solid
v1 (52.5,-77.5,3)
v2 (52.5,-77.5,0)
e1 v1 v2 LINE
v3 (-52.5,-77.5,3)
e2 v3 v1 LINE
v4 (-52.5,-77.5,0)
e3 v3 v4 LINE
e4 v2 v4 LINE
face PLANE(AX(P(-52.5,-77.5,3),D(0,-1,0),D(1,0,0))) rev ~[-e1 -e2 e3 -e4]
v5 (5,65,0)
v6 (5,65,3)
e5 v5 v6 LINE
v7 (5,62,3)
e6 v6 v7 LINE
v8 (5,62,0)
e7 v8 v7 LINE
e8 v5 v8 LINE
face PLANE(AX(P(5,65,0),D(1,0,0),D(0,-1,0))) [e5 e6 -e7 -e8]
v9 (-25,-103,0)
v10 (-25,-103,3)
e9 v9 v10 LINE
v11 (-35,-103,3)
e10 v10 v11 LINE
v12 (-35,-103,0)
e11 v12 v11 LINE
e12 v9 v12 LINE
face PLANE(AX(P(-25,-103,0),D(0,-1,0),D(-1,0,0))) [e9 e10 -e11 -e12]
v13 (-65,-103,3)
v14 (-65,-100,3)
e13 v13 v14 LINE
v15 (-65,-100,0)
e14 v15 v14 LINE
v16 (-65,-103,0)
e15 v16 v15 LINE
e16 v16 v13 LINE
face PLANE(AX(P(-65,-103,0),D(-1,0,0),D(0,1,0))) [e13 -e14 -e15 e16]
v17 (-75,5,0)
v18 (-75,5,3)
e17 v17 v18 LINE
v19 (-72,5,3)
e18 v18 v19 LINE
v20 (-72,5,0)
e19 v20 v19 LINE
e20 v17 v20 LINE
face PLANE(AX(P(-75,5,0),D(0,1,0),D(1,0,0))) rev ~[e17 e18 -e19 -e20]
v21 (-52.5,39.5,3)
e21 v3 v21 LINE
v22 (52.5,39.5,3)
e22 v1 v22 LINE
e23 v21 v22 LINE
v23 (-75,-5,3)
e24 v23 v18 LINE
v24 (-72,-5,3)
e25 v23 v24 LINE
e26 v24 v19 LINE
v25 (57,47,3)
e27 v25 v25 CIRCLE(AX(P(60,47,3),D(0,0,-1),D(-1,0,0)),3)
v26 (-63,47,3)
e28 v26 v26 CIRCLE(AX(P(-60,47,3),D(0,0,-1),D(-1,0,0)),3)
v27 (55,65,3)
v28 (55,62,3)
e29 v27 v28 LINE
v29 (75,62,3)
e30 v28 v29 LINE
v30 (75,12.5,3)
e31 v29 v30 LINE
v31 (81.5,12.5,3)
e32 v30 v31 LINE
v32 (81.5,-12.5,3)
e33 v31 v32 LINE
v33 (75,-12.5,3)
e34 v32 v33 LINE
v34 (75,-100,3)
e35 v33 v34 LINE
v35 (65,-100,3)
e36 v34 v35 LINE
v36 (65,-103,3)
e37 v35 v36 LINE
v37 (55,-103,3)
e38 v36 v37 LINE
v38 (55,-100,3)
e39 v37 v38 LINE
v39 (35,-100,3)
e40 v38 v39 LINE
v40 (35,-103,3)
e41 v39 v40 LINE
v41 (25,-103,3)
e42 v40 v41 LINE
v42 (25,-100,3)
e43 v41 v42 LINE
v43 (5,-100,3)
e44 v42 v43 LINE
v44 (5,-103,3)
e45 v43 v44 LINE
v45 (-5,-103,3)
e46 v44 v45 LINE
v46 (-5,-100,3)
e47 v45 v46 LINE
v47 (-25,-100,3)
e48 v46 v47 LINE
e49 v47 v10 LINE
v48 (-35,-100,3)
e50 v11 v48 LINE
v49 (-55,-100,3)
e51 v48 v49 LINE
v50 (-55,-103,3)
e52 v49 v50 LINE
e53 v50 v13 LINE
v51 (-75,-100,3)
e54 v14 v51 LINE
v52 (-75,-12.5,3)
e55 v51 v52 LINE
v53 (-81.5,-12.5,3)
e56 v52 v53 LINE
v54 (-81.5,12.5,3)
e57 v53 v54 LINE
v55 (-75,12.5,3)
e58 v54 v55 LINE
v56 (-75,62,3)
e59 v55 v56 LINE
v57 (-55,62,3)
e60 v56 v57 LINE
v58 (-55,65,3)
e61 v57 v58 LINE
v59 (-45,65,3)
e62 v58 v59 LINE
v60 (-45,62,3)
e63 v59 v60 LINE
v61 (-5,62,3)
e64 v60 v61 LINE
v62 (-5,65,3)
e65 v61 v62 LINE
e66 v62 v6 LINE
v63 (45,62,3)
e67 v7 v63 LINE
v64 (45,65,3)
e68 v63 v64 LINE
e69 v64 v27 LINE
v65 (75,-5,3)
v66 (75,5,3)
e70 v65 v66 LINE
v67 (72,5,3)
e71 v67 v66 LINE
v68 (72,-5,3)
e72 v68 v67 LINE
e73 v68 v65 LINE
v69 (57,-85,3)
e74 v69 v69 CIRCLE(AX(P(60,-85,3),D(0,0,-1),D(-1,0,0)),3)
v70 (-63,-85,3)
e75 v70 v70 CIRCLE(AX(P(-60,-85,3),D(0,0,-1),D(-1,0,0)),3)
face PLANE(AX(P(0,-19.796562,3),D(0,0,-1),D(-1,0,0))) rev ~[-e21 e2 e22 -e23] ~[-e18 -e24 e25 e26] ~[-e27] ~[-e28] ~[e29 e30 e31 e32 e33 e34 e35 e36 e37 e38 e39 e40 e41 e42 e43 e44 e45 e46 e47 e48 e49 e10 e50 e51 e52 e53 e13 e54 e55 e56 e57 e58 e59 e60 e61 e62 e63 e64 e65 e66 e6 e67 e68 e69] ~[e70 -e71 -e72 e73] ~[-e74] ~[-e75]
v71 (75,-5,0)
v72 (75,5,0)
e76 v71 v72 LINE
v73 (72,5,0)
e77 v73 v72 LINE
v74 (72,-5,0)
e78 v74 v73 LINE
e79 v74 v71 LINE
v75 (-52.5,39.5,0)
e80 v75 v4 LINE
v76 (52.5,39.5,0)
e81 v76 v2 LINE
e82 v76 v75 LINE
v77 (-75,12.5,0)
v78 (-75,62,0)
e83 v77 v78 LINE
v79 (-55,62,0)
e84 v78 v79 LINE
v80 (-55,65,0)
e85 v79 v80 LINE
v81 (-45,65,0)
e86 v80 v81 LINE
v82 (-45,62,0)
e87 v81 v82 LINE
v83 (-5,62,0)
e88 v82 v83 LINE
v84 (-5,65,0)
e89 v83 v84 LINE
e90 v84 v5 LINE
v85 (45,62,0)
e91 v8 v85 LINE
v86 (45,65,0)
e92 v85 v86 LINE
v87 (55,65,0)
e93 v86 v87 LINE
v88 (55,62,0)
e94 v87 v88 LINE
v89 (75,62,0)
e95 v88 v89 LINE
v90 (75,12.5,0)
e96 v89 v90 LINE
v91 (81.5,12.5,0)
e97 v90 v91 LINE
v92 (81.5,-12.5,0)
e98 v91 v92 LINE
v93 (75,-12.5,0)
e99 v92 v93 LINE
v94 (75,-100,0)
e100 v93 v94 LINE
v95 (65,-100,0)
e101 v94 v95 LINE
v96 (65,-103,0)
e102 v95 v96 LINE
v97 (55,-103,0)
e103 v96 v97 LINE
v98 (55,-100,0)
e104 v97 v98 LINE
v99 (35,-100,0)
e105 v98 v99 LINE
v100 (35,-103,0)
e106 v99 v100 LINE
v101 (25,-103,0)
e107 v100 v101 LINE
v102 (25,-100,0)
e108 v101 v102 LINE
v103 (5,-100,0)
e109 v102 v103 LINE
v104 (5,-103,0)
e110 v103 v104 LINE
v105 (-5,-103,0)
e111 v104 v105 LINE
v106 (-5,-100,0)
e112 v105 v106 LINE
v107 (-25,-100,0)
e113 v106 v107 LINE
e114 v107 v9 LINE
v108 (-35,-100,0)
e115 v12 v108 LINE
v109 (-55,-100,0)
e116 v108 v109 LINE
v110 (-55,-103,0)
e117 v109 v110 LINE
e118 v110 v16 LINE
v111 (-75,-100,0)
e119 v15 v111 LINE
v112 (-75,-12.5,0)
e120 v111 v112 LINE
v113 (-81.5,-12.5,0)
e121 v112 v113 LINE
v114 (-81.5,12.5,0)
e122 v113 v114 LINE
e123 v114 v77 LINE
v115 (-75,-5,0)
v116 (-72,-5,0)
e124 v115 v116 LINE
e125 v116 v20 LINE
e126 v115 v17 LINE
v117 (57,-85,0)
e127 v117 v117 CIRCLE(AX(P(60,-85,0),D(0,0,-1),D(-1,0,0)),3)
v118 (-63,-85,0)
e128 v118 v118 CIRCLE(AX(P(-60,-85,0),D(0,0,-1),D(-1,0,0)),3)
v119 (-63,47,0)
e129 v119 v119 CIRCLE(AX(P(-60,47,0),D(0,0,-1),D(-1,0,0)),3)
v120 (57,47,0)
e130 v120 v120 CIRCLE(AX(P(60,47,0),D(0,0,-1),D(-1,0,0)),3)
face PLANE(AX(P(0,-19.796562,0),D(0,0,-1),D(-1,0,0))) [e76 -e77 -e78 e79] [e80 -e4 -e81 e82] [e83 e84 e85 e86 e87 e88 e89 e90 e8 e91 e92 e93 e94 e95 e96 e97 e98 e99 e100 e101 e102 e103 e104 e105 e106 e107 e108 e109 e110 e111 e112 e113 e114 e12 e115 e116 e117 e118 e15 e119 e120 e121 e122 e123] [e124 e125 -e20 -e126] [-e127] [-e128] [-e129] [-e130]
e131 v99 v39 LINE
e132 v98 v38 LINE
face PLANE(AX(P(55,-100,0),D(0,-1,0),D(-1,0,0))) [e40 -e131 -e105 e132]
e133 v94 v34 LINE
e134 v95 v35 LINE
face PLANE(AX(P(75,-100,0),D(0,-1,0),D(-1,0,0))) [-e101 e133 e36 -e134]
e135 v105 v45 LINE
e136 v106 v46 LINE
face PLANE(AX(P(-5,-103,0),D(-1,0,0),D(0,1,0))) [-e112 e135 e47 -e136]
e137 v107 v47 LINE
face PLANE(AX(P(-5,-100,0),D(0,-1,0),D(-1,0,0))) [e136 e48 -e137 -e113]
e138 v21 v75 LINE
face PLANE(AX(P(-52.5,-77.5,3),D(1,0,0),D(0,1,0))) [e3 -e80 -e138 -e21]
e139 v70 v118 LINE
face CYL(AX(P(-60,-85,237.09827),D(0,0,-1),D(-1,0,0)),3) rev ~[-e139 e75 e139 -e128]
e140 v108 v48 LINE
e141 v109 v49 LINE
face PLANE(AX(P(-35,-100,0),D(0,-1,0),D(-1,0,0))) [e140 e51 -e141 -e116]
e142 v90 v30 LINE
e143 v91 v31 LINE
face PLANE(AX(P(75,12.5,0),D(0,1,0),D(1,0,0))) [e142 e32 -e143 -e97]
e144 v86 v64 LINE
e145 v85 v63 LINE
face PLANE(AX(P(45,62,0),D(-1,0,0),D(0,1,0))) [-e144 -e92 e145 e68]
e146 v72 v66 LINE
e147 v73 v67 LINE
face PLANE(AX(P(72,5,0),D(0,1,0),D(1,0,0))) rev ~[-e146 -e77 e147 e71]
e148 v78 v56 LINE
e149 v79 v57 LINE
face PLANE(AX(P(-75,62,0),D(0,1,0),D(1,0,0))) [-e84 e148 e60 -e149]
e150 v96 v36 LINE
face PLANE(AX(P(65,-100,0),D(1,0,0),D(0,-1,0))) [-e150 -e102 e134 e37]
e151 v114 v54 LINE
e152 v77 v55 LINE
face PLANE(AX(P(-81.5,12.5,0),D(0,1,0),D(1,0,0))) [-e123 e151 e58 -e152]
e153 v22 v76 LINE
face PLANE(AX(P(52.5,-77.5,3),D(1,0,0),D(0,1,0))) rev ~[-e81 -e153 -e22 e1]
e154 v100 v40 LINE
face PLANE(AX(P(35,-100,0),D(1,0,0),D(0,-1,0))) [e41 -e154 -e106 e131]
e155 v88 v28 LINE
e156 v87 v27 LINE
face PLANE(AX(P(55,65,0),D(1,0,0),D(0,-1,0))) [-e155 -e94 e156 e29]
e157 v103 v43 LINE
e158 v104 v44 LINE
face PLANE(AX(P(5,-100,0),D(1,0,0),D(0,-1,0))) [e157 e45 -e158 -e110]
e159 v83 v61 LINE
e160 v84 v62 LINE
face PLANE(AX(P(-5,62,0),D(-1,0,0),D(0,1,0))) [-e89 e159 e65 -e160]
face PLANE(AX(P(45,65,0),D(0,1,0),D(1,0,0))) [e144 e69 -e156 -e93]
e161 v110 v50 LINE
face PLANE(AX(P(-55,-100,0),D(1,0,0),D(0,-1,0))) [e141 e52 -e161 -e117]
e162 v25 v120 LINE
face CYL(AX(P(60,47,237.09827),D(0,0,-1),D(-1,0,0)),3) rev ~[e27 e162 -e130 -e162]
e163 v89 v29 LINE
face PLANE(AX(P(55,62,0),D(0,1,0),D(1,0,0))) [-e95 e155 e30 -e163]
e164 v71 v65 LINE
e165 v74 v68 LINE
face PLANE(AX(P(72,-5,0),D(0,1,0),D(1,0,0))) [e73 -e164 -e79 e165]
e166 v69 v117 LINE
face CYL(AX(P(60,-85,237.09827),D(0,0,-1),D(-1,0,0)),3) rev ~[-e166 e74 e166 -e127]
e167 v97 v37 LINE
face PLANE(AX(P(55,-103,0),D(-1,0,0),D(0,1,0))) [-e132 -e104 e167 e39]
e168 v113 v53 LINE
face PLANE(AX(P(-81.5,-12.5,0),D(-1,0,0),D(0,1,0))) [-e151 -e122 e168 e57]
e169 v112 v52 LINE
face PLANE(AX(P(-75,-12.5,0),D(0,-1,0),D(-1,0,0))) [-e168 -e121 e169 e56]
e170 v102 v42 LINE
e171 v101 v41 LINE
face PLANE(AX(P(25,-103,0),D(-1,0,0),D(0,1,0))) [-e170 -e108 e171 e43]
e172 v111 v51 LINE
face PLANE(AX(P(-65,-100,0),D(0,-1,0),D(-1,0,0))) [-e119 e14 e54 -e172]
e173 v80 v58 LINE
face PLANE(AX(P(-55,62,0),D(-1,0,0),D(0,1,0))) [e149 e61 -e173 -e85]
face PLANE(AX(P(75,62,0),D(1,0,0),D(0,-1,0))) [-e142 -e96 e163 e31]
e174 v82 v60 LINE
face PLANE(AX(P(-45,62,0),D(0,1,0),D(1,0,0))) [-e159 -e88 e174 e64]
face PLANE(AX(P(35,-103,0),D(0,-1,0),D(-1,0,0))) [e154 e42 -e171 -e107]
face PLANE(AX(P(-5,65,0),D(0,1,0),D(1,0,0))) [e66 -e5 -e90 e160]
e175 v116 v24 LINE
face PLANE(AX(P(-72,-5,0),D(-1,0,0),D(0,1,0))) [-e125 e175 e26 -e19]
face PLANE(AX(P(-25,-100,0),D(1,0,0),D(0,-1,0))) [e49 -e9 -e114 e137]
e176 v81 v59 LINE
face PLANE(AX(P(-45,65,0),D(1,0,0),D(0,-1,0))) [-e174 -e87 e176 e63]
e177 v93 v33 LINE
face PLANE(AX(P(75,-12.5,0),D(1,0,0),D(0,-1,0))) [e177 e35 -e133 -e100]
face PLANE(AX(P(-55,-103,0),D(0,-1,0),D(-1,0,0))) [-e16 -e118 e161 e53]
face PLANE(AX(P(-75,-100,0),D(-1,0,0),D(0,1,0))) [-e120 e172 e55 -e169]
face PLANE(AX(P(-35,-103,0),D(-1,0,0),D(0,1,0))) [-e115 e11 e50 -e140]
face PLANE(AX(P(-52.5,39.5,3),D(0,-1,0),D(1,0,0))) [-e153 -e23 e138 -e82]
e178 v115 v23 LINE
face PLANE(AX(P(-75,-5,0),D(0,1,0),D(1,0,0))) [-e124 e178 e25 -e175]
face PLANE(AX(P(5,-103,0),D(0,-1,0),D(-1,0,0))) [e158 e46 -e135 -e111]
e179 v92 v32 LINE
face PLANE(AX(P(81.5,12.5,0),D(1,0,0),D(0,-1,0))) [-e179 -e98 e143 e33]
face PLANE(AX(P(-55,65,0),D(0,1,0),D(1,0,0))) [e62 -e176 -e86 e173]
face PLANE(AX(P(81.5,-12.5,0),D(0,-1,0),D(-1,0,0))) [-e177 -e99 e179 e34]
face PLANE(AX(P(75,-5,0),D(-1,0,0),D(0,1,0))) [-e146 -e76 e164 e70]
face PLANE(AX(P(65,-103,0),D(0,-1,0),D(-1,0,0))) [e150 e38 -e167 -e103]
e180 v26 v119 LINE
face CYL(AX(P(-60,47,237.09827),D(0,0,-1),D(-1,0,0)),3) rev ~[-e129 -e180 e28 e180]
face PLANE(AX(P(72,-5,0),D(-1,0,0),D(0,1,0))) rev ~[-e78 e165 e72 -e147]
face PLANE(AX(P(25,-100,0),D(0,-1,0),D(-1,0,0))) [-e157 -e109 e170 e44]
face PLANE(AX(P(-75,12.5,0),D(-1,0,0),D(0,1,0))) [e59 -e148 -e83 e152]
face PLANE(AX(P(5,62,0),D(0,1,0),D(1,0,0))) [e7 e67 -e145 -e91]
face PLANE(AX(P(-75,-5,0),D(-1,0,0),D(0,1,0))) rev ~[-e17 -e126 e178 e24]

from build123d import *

# Parameters (mm, degrees)
SKETCH1_W                = 3
SKETCH1_H                = 10
BOSS_EXTRUDE2_DEPTH      = 3
F_6_0_6_DIAMETER_HOLE1_D = 6
SKETCH5_W                = 105
SKETCH5_H                = 117
CUT_EXTRUDE1_DEPTH       = 10


with BuildPart() as part:
    # Sketch1 → Boss-Extrude2 (new body)
    with BuildSketch(Plane.XY):
        Polygon((-5, 65), (5, 65), (5, 62), (45, 62), (45, 65), (55, 65), (55, 62), (75, 62), (75, 12.5), (81.5, 12.5), (81.5, -12.5), (75, -12.5), (75, -100), (65, -100), (65, -103), (55, -103), (55, -100), (35, -100), (35, -103), (25, -103), (25, -100), (5, -100), (5, -103), (-5, -103), (-5, -100), (-25, -100), (-25, -103), (-35, -103), (-35, -100), (-55, -100), (-55, -103), (-65, -103), (-65, -100), (-75, -100), (-75, -12.5), (-81.5, -12.5), (-81.5, 12.5), (-75, 12.5), (-75, 62), (-55, 62), (-55, 65), (-45, 65), (-45, 62), (-5, 62), align=None)
        with Locations((-73.5, 0)):
            Rectangle(SKETCH1_W, SKETCH1_H, mode=Mode.SUBTRACT)
        with Locations((73.5, 0)):
            Rectangle(SKETCH1_W, SKETCH1_H, mode=Mode.SUBTRACT)
    extrude(amount=BOSS_EXTRUDE2_DEPTH)

    # Ø6.0 (6) Diameter Hole1 (through all)
    with Locations(Plane.XY.offset(3)):
        with Locations((-60, 47), (60, 47), (-60, -85), (60, -85)):
            Hole(F_6_0_6_DIAMETER_HOLE1_D / 2)

    # Sketch5 → Cut-Extrude1 (cut)
    with BuildSketch(Plane.XY.offset(3)):
        with Locations((0, -19)):
            Rectangle(SKETCH5_W, SKETCH5_H)
    extrude(amount=-CUT_EXTRUDE1_DEPTH, mode=Mode.SUBTRACT)


solid = part.part
